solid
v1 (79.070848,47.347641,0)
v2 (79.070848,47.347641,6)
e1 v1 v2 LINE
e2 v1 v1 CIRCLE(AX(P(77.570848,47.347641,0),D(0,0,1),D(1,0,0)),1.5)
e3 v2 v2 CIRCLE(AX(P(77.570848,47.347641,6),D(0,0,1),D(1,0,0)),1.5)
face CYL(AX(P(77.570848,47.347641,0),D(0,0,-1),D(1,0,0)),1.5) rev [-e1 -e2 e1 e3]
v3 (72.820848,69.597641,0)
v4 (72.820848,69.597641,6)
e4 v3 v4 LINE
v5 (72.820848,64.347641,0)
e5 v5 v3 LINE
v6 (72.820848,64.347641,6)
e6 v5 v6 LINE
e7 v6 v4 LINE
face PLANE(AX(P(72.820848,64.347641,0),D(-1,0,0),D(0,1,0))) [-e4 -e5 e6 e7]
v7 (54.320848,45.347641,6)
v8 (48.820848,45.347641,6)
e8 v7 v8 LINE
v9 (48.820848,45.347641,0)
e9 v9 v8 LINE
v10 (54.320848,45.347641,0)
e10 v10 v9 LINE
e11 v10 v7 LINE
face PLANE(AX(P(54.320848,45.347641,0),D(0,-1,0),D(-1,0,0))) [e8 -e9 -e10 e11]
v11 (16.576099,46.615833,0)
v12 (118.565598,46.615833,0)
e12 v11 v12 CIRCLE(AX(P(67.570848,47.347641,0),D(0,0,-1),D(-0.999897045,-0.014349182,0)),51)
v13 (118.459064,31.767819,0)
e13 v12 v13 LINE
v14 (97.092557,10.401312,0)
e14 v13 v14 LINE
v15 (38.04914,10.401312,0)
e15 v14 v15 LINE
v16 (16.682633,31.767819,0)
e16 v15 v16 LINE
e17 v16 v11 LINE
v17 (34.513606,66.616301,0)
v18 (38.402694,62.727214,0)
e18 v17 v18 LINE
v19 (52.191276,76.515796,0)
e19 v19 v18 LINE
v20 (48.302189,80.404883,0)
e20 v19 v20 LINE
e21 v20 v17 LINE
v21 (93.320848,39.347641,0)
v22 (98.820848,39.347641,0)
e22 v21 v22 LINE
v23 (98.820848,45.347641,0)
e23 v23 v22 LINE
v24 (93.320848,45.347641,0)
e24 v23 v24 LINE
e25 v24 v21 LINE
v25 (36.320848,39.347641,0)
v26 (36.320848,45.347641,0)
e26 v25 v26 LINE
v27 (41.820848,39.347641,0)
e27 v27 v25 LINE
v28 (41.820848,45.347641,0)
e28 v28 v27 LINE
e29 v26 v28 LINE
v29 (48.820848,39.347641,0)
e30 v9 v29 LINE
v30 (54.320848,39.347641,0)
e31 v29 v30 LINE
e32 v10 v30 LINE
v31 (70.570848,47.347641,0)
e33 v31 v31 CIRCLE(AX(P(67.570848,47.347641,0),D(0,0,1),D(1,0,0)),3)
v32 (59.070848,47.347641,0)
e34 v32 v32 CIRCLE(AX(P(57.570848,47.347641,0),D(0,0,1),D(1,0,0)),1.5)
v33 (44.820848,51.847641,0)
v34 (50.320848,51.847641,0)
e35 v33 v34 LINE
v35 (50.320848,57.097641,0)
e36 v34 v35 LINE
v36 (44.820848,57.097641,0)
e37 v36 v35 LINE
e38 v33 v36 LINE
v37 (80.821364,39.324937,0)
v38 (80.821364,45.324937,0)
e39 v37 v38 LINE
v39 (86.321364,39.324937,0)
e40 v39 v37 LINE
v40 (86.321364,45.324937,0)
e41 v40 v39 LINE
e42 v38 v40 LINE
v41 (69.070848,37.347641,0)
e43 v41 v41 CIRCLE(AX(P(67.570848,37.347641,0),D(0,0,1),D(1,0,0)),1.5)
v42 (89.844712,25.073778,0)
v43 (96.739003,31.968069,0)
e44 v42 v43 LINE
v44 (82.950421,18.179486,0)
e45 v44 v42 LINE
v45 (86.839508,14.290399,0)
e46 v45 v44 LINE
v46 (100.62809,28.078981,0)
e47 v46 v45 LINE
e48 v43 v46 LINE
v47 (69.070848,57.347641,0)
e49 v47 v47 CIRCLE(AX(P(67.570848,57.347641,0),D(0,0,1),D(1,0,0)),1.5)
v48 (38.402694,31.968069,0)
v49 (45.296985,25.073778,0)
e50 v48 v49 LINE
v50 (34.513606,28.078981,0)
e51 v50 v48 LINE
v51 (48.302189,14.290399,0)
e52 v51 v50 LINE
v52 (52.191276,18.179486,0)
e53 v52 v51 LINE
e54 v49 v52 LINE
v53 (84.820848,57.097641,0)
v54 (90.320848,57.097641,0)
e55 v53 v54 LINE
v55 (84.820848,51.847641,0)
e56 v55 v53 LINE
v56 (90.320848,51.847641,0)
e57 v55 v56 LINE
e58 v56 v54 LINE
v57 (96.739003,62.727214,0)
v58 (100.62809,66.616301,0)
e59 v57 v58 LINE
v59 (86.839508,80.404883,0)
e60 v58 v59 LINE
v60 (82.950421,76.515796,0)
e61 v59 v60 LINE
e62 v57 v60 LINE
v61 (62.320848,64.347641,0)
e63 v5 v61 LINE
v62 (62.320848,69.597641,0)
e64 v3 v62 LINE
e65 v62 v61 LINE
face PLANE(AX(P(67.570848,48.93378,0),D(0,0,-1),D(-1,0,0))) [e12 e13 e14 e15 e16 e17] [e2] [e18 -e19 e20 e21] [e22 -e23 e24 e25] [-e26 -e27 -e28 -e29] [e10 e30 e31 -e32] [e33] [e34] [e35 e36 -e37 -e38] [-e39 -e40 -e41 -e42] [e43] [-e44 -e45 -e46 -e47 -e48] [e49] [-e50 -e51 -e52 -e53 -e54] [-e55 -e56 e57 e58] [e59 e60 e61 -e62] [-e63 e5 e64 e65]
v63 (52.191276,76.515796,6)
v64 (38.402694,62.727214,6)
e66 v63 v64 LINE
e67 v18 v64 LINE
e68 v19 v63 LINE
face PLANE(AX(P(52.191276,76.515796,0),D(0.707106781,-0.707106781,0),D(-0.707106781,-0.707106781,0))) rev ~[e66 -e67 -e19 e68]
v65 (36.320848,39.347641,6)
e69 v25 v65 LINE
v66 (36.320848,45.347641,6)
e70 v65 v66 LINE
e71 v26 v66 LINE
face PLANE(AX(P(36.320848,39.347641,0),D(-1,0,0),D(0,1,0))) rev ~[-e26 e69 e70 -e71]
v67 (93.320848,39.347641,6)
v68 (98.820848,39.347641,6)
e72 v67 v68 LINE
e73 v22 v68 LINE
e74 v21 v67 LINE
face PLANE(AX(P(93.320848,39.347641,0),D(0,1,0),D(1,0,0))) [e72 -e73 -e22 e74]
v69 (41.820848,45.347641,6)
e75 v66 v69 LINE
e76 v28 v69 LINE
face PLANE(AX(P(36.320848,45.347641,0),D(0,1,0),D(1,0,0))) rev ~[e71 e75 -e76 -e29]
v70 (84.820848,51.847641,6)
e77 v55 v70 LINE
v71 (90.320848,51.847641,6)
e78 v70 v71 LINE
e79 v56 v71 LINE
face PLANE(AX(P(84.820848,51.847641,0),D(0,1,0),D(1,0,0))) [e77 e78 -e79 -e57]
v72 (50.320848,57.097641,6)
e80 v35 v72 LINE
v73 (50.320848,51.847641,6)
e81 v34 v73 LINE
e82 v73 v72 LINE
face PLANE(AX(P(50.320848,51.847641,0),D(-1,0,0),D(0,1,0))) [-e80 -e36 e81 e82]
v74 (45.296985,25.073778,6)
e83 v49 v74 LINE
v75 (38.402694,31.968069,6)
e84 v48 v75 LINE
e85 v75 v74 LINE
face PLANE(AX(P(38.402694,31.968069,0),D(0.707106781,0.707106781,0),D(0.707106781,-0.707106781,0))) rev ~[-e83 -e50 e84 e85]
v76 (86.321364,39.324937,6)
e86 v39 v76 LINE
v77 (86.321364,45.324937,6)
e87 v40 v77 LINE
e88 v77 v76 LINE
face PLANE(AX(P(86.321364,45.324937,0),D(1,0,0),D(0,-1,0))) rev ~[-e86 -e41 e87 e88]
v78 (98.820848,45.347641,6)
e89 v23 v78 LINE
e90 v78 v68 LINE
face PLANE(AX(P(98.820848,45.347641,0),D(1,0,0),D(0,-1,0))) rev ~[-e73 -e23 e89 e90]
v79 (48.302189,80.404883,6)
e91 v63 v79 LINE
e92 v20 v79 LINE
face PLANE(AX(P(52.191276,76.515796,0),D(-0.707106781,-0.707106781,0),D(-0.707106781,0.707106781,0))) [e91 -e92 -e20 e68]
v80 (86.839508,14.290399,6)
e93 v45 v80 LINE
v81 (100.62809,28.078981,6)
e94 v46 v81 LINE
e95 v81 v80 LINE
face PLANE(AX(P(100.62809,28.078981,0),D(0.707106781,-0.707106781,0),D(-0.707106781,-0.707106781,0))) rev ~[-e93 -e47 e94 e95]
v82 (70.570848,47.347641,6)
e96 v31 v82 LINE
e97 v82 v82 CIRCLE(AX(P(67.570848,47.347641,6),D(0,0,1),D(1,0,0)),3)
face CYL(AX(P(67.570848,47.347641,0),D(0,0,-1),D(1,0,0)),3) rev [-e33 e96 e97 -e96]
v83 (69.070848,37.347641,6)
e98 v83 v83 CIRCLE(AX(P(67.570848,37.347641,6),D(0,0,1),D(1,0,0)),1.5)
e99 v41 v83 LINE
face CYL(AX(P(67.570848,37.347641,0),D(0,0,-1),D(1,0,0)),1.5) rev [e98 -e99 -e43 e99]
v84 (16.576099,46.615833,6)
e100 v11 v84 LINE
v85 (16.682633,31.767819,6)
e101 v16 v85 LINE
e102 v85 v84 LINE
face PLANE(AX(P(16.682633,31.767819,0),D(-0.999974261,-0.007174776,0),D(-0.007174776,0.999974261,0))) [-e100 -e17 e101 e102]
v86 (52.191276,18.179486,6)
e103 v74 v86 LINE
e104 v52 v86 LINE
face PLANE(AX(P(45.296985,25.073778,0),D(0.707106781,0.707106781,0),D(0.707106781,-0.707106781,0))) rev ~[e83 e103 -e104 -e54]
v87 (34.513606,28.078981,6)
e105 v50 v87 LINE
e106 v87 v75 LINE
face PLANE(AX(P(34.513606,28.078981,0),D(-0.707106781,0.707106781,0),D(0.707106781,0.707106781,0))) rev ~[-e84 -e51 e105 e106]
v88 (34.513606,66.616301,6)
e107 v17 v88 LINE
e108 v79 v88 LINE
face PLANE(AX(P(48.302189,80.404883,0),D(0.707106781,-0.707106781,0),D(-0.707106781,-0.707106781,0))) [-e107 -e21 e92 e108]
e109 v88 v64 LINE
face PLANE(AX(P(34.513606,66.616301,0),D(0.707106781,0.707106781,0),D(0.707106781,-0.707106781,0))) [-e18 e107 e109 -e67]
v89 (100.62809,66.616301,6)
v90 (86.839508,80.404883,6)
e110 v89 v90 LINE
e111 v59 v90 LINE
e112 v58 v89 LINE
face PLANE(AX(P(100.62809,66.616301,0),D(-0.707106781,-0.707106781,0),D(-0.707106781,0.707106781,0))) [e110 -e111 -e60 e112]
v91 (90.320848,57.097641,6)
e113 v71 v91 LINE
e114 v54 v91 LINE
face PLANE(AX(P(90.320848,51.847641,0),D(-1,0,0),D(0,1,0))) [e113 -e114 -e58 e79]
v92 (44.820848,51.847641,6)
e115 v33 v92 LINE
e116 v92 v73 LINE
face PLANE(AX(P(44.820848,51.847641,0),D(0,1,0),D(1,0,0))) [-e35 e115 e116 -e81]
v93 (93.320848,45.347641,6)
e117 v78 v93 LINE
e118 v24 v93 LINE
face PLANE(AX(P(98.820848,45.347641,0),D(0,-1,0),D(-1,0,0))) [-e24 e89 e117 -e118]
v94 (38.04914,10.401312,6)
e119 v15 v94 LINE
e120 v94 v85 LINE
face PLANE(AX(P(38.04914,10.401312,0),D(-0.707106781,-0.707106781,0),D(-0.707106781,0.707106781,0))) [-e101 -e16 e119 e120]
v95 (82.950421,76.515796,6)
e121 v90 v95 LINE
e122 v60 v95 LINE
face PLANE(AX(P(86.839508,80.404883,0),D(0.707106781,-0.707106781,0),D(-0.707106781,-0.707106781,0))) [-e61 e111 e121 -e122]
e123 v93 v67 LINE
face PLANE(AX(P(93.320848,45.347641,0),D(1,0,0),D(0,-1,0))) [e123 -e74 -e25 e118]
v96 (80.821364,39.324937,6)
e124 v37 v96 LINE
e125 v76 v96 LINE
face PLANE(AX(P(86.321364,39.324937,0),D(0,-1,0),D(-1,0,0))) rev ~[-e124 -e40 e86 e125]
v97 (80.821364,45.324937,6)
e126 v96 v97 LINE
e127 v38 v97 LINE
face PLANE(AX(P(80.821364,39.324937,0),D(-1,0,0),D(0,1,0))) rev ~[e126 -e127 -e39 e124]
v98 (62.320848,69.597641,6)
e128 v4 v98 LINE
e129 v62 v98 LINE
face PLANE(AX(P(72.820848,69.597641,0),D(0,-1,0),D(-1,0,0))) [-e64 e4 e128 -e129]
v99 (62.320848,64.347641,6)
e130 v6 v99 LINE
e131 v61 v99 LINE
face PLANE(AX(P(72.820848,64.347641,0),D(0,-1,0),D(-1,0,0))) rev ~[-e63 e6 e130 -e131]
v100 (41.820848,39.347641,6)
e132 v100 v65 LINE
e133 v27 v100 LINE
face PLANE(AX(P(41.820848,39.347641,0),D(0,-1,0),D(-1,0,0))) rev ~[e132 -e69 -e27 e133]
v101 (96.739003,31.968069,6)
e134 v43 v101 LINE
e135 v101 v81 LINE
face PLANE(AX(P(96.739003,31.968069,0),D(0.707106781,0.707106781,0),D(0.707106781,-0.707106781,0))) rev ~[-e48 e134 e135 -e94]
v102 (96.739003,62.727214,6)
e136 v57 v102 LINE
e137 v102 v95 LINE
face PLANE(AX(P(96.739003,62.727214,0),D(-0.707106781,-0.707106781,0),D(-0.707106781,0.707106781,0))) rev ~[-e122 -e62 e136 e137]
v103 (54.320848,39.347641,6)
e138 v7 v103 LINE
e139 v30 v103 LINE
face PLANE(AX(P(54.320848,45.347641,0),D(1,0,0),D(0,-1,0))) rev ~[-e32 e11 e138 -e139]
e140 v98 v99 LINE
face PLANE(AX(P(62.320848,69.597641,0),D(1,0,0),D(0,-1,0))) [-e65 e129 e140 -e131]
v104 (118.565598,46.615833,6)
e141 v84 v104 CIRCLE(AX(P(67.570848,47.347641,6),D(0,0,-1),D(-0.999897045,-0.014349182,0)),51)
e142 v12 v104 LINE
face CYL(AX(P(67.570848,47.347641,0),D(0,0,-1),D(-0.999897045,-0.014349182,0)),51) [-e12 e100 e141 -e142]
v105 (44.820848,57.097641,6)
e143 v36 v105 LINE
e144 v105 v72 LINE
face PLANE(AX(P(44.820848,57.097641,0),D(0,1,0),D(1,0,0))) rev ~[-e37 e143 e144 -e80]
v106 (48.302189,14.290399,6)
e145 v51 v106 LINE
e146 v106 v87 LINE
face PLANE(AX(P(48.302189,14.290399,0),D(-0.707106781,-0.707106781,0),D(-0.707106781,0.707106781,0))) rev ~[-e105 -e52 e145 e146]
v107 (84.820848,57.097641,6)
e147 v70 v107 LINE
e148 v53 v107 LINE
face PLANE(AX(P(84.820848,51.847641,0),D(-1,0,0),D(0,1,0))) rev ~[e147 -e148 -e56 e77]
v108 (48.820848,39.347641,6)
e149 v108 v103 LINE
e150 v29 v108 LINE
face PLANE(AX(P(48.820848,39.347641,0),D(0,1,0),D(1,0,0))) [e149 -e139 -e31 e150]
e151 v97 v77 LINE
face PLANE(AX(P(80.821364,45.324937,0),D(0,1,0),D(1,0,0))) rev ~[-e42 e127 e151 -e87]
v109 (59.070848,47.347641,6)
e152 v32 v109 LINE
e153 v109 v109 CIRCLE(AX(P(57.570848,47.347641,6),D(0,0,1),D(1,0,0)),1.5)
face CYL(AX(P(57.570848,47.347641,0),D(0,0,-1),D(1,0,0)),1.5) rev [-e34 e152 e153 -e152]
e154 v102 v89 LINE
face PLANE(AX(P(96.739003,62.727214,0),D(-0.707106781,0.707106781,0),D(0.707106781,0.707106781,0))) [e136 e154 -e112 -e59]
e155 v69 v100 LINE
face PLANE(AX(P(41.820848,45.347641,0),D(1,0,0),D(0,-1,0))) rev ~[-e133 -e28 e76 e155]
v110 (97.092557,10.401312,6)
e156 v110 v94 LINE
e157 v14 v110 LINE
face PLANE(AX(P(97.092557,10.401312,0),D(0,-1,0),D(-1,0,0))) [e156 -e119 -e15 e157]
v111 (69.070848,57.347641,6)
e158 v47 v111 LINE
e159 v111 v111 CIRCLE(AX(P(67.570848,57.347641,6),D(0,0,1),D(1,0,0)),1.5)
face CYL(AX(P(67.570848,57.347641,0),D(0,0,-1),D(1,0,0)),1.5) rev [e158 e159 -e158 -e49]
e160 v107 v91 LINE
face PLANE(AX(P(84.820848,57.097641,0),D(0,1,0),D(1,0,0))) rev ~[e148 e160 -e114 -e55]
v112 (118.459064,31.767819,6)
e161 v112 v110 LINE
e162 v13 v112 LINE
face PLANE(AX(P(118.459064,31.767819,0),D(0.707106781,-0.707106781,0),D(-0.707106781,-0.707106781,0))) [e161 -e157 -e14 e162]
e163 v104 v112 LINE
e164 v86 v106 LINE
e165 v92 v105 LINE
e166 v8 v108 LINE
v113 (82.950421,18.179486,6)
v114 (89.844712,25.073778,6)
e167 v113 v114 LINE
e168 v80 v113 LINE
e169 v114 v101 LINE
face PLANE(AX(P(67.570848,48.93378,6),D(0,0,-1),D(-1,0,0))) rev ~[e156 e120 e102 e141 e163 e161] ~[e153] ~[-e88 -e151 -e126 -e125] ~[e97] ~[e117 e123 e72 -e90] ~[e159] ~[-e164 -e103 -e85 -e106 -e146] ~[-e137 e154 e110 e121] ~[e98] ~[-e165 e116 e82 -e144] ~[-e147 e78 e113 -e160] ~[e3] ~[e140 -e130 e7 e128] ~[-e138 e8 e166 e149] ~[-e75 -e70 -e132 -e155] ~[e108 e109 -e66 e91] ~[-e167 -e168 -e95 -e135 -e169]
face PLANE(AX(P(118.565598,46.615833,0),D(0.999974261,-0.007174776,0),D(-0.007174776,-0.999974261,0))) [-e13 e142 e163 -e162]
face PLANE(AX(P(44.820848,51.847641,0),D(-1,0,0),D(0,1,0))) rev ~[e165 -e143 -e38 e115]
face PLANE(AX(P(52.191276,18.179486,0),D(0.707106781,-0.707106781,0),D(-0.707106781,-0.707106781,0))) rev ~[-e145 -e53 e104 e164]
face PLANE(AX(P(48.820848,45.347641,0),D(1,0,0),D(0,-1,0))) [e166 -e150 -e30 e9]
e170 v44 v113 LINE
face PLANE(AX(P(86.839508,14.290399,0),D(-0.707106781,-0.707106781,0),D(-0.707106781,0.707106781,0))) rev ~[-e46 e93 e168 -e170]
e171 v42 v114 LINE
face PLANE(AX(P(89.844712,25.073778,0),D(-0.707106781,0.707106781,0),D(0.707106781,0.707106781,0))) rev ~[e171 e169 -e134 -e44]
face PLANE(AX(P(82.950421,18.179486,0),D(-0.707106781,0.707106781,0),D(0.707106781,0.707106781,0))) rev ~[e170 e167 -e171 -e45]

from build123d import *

# Parameters (mm, degrees)
MODEL_R             = 3
MODEL_R_2           = 1.5
MODEL_W             = 5.5
MODEL_H             = 5.25
BOSS_EXTRUDE1_DEPTH = 6


with BuildPart() as part:
    # Model → Boss-Extrude1 (new body)
    with BuildSketch(Plane.XY):
        with BuildLine():
            Line((97.092556574, 10.401311798), (38.049140345, 10.401311798))
            Line((38.049140345, 10.401311798), (16.682633066, 31.767819077))
            Line((16.682633066, 31.767819077), (16.576099155, 46.615832828))
            ThreePointArc((16.576099155, 46.615832828), (67.57084846, 98.347641115), (118.565597764, 46.615832828))
            Line((118.565597764, 46.615832828), (118.459063854, 31.767819077))
            Line((118.459063854, 31.767819077), (97.092556574, 10.401311798))
        make_face()
        with Locations((67.57084846, 47.347641115)):
            Circle(MODEL_R, mode=Mode.SUBTRACT)
        with Locations((67.57084846, 57.347641115)):
            Circle(MODEL_R_2, mode=Mode.SUBTRACT)
        with Locations((77.57084846, 47.347641115)):
            Circle(MODEL_R_2, mode=Mode.SUBTRACT)
        with Locations((67.57084846, 37.347641115)):
            Circle(MODEL_R_2, mode=Mode.SUBTRACT)
        with Locations((57.57084846, 47.347641115)):
            Circle(MODEL_R_2, mode=Mode.SUBTRACT)
        Polygon((45.296984853, 69.621504723), (52.191275969, 76.515795839), (48.302188673, 80.404883136), (34.513606439, 66.616300902), (38.402693736, 62.727213606), align=None, mode=Mode.SUBTRACT)
        Polygon((45.296984853, 25.073777508), (52.191275969, 18.179486391), (48.302188673, 14.290399095), (34.513606439, 28.078981328), (38.402693736, 31.968068624), align=None, mode=Mode.SUBTRACT)
        Polygon((89.844712067, 69.621504723), (96.739003184, 62.727213606), (100.62809048, 66.616300902), (86.839508247, 80.404883136), (82.950420951, 76.515795839), align=None, mode=Mode.SUBTRACT)
        Polygon((89.844712067, 25.073777508), (96.739003184, 31.968068624), (100.62809048, 28.078981328), (86.839508247, 14.290399095), (82.950420951, 18.179486391), align=None, mode=Mode.SUBTRACT)
        Polygon((67.57084846, 64.347641115), (72.82084846, 64.347641115), (72.82084846, 69.597641115), (62.32084846, 69.597641115), (62.32084846, 64.347641115), align=None, mode=Mode.SUBTRACT)
        Polygon((36.32084846, 42.347641115), (36.32084846, 45.347641115), (41.82084846, 45.347641115), (41.82084846, 39.347641115), (36.32084846, 39.347641115), align=None, mode=Mode.SUBTRACT)
        Polygon((54.32084846, 42.347641115), (54.32084846, 45.347641115), (48.82084846, 45.347641115), (48.82084846, 39.347641115), (54.32084846, 39.347641115), align=None, mode=Mode.SUBTRACT)
        with Locations((47.57084846, 54.472641115)):
            Rectangle(MODEL_W, MODEL_H, mode=Mode.SUBTRACT)
        Polygon((98.82084846, 42.347641115), (98.82084846, 45.347641115), (93.32084846, 45.347641115), (93.32084846, 39.347641115), (98.82084846, 39.347641115), align=None, mode=Mode.SUBTRACT)
        Polygon((80.82136419, 42.324937285), (80.82136419, 45.324937285), (86.32136419, 45.324937285), (86.32136419, 39.324937285), (80.82136419, 39.324937285), align=None, mode=Mode.SUBTRACT)
        with Locations((87.57084846, 54.472641115)):
            Rectangle(MODEL_W, MODEL_H, mode=Mode.SUBTRACT)
    extrude(amount=BOSS_EXTRUDE1_DEPTH)


solid = part.part
